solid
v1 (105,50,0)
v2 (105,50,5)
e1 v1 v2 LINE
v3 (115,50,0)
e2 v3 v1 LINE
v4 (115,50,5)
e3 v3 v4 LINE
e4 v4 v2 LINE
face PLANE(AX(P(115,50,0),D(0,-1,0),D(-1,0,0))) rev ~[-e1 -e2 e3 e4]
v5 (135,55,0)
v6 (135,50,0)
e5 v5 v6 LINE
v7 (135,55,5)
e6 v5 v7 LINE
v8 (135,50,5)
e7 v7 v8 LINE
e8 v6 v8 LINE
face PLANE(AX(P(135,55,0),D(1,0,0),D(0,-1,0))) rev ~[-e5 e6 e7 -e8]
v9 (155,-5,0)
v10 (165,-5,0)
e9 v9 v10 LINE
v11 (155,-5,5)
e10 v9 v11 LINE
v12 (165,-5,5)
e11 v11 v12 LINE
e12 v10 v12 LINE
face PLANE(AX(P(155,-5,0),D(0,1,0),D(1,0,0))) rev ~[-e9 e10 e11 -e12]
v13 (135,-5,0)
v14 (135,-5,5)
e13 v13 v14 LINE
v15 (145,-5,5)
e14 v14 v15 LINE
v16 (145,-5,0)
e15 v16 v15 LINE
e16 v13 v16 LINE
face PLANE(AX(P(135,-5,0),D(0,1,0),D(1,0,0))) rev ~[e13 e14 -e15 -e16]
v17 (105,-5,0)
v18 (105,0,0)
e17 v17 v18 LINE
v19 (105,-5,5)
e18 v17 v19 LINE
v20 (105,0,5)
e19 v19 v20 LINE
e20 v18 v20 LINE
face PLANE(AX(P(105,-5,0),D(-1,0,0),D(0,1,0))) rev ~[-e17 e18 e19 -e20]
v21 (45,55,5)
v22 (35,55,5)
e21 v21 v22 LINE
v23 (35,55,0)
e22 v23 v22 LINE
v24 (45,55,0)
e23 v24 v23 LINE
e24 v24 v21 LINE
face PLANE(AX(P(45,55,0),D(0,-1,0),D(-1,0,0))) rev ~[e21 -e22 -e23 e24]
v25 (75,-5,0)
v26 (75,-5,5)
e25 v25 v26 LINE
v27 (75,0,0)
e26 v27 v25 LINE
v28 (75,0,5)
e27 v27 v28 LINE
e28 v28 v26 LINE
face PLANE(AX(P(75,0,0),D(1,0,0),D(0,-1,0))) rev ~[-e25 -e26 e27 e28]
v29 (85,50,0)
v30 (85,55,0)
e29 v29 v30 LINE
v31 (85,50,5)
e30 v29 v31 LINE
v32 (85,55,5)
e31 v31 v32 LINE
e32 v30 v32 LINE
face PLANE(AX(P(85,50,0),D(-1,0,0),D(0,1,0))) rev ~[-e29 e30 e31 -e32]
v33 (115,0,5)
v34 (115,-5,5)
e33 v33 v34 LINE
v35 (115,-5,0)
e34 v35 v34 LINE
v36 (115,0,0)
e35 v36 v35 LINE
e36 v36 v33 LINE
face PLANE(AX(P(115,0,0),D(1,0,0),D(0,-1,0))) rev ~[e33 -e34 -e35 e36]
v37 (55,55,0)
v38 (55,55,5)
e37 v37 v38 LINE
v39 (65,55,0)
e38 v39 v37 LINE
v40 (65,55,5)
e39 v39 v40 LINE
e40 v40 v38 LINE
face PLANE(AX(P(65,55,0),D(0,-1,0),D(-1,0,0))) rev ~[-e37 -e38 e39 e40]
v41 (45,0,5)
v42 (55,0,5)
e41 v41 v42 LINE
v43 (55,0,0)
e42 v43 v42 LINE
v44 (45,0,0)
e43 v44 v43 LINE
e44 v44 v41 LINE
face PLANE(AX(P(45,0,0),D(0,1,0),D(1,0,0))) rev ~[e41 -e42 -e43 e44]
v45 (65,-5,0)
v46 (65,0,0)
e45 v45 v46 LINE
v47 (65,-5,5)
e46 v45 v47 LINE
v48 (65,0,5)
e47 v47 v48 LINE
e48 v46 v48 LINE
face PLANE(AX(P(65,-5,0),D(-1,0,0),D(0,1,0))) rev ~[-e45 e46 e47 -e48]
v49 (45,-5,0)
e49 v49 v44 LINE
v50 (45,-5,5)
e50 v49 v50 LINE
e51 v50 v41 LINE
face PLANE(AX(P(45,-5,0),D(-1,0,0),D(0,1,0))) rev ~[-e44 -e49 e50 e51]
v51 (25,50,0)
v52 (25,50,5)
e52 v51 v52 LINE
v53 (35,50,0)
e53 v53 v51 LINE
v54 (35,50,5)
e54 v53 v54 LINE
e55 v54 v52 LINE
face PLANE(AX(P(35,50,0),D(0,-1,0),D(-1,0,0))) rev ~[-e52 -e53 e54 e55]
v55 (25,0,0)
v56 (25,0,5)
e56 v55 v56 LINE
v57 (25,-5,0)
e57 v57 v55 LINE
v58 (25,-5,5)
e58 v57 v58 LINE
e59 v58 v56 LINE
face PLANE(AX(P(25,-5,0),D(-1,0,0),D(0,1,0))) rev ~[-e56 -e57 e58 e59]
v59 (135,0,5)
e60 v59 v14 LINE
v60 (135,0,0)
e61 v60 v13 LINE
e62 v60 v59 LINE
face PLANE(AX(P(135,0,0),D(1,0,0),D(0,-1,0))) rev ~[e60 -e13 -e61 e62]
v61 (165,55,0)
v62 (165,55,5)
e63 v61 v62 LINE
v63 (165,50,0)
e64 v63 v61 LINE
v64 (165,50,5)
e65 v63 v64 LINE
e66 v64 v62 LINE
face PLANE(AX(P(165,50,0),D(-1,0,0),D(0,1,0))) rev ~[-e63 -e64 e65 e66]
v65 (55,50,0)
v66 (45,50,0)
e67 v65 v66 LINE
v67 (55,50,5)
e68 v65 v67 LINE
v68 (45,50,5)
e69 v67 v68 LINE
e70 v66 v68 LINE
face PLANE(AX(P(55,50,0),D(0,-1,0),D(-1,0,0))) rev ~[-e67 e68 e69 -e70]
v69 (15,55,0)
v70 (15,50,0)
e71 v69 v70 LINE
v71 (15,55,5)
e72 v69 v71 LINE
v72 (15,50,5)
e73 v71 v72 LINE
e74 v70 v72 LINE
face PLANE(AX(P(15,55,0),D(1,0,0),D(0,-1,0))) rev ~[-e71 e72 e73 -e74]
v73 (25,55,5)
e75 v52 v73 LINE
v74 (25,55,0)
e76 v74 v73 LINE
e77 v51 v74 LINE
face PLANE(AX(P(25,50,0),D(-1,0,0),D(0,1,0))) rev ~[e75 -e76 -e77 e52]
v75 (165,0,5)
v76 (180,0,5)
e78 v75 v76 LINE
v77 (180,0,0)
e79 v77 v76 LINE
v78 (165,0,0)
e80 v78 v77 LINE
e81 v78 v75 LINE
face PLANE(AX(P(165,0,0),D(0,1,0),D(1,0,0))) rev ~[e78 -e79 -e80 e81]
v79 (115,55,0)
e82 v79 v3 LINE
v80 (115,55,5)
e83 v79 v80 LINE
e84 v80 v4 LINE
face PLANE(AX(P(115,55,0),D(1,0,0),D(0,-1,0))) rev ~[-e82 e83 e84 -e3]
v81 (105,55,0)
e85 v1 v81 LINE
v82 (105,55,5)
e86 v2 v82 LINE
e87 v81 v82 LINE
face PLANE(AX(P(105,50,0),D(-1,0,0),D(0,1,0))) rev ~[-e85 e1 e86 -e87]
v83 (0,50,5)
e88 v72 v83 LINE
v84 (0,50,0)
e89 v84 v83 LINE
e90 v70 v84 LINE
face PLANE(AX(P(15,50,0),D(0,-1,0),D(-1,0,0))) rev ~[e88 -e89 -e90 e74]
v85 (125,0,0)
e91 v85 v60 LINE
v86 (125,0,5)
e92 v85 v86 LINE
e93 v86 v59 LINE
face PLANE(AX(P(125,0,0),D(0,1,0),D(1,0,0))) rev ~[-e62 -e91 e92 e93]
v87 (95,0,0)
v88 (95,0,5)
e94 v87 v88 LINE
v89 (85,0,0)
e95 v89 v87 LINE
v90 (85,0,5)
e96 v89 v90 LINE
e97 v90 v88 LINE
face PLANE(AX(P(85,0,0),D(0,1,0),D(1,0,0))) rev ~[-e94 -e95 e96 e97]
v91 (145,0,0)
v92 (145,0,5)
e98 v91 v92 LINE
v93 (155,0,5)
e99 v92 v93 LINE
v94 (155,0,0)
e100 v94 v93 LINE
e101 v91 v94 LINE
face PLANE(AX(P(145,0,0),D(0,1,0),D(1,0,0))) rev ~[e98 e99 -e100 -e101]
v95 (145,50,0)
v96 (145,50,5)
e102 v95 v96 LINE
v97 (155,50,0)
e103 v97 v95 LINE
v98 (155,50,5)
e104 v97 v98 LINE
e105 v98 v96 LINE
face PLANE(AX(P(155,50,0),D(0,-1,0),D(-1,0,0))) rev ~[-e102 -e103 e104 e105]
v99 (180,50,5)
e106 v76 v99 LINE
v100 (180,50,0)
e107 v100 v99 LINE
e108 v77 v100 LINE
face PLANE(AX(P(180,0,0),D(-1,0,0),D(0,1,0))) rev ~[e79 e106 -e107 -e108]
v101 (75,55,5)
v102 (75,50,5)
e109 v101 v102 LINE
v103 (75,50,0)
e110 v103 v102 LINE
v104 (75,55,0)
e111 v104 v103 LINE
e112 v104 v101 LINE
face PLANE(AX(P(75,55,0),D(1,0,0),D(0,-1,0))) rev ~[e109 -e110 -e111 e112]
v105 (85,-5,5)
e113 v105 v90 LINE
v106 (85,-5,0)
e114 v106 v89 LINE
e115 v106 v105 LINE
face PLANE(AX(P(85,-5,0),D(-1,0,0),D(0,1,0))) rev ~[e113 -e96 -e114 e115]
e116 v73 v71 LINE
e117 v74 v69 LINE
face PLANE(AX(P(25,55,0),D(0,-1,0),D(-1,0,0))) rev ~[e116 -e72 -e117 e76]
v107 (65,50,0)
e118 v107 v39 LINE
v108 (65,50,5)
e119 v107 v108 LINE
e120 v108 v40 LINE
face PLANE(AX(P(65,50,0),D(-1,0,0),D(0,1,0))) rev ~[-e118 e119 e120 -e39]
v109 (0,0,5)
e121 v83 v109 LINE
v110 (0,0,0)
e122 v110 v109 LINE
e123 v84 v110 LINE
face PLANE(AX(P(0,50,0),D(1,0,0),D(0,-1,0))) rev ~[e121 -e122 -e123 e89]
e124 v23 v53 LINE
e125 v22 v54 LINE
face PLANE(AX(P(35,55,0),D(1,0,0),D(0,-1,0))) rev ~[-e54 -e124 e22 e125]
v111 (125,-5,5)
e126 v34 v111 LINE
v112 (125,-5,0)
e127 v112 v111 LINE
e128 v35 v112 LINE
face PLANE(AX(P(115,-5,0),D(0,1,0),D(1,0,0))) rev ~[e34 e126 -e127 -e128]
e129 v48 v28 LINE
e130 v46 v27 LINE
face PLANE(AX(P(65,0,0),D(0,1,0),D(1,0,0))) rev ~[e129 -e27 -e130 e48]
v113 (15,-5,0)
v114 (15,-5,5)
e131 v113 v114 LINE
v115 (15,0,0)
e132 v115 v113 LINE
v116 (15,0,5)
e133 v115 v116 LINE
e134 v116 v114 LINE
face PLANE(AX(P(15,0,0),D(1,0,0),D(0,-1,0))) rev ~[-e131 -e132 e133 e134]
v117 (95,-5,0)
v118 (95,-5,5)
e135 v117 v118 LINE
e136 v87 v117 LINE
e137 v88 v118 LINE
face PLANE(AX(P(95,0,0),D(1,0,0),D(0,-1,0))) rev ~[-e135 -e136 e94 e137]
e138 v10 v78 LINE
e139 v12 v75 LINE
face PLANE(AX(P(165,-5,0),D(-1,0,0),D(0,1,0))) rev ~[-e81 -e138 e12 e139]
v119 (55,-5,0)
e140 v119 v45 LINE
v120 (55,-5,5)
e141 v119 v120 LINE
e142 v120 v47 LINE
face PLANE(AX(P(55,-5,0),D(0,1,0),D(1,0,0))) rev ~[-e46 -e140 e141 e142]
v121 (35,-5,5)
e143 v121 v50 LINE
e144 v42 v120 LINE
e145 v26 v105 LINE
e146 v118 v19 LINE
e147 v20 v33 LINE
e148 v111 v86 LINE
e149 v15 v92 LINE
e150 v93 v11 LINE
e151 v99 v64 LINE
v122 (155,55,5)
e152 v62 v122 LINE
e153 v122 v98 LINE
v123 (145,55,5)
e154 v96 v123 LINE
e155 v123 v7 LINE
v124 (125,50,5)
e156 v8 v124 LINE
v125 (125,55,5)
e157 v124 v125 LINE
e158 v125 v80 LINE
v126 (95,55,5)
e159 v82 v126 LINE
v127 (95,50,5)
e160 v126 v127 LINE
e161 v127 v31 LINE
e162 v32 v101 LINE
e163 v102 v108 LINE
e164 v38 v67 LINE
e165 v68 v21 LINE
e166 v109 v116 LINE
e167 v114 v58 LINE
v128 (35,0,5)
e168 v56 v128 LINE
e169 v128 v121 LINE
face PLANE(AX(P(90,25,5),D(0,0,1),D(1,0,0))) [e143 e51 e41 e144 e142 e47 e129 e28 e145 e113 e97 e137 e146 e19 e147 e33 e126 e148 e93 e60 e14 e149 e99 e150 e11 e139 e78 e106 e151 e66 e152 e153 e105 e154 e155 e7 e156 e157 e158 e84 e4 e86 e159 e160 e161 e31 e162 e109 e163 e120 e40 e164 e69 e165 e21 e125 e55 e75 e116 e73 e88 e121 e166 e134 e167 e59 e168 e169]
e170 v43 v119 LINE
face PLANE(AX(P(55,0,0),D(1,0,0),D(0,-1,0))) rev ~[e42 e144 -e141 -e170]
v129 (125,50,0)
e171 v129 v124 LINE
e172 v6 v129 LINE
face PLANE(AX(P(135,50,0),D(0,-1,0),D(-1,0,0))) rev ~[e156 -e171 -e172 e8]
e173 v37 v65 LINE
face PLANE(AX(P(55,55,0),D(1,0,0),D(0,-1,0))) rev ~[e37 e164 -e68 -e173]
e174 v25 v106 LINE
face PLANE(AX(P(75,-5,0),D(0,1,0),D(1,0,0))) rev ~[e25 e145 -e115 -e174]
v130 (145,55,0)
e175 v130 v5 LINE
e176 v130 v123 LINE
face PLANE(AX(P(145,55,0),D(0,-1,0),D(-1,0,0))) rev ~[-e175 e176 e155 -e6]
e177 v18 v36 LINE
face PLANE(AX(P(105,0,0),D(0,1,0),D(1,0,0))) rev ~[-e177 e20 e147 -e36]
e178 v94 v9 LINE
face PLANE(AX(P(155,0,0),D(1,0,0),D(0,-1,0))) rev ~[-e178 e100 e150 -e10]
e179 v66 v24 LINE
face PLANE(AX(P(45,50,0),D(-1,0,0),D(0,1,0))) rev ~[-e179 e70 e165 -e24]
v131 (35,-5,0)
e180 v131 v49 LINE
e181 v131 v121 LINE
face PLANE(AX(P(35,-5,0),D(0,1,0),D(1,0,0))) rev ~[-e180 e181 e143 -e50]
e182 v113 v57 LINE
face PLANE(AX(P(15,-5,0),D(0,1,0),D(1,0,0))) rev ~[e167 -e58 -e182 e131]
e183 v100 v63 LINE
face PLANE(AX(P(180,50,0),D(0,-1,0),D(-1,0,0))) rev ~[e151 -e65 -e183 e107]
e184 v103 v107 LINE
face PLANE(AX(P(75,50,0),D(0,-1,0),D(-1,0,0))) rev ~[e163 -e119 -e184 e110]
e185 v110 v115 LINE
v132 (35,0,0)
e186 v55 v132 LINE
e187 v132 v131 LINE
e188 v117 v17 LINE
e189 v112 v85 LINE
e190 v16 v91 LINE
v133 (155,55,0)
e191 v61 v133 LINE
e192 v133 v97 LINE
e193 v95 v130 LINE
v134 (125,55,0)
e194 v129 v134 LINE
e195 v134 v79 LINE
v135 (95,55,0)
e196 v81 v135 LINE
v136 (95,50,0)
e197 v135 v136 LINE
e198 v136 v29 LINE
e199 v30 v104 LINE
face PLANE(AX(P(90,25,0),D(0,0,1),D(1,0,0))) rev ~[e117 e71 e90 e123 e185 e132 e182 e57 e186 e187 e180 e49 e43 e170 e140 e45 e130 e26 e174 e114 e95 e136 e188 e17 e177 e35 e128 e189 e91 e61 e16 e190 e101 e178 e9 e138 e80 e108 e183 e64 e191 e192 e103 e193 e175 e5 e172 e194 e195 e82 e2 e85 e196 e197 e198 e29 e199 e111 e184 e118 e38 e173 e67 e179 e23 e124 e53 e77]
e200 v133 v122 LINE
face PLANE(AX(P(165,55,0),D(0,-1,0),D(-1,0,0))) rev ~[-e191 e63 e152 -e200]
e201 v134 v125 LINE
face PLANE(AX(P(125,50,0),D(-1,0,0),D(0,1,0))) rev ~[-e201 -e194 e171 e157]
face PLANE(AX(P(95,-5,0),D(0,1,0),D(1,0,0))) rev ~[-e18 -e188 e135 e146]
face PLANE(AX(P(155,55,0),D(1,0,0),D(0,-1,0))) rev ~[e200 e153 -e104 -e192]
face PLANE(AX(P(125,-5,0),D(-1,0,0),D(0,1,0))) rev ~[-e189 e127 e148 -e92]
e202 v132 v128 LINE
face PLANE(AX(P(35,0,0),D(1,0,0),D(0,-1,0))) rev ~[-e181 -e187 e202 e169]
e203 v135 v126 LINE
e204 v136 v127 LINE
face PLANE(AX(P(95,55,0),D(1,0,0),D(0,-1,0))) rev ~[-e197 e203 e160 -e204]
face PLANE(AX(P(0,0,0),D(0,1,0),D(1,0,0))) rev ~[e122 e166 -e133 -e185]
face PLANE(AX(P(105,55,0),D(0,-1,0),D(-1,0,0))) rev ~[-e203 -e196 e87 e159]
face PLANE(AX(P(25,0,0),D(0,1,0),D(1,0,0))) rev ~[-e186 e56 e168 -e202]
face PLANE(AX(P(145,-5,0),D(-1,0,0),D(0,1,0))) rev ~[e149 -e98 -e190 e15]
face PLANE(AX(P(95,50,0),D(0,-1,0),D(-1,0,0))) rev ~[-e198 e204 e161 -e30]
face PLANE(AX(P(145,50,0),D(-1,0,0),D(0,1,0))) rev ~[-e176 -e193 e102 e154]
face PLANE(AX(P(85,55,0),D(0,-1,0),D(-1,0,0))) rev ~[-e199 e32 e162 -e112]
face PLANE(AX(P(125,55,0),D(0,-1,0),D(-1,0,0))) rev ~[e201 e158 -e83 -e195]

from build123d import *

# Parameters (mm, degrees)
BOSS_EXTRUDE2_DEPTH = 5


with BuildPart() as part:
    # Sketch1 → Boss-Extrude2 (new body)
    with BuildSketch(Plane.XY):
        Polygon((0, 0), (15, 0), (15, -5), (25, -5), (25, 0), (35, 0), (35, -5), (45, -5), (45, 0), (55, 0), (55, -5), (65, -5), (65, 0), (75, 0), (75, -5), (85, -5), (85, 0), (95, 0), (95, -5), (105, -5), (105, 0), (115, 0), (115, -5), (125, -5), (125, 0), (135, 0), (135, -5), (145, -5), (145, 0), (155, 0), (155, -5), (165, -5), (165, 0), (180, 0), (180, 50), (165, 50), (165, 55), (155, 55), (155, 50), (145, 50), (145, 55), (135, 55), (135, 50), (125, 50), (125, 55), (115, 55), (115, 50), (105, 50), (105, 55), (95, 55), (95, 50), (85, 50), (85, 55), (75, 55), (75, 50), (65, 50), (65, 55), (55, 55), (55, 50), (45, 50), (45, 55), (35, 55), (35, 50), (25, 50), (25, 55), (15, 55), (15, 50), (0, 50), align=None)
    extrude(amount=BOSS_EXTRUDE2_DEPTH)


solid = part.part
